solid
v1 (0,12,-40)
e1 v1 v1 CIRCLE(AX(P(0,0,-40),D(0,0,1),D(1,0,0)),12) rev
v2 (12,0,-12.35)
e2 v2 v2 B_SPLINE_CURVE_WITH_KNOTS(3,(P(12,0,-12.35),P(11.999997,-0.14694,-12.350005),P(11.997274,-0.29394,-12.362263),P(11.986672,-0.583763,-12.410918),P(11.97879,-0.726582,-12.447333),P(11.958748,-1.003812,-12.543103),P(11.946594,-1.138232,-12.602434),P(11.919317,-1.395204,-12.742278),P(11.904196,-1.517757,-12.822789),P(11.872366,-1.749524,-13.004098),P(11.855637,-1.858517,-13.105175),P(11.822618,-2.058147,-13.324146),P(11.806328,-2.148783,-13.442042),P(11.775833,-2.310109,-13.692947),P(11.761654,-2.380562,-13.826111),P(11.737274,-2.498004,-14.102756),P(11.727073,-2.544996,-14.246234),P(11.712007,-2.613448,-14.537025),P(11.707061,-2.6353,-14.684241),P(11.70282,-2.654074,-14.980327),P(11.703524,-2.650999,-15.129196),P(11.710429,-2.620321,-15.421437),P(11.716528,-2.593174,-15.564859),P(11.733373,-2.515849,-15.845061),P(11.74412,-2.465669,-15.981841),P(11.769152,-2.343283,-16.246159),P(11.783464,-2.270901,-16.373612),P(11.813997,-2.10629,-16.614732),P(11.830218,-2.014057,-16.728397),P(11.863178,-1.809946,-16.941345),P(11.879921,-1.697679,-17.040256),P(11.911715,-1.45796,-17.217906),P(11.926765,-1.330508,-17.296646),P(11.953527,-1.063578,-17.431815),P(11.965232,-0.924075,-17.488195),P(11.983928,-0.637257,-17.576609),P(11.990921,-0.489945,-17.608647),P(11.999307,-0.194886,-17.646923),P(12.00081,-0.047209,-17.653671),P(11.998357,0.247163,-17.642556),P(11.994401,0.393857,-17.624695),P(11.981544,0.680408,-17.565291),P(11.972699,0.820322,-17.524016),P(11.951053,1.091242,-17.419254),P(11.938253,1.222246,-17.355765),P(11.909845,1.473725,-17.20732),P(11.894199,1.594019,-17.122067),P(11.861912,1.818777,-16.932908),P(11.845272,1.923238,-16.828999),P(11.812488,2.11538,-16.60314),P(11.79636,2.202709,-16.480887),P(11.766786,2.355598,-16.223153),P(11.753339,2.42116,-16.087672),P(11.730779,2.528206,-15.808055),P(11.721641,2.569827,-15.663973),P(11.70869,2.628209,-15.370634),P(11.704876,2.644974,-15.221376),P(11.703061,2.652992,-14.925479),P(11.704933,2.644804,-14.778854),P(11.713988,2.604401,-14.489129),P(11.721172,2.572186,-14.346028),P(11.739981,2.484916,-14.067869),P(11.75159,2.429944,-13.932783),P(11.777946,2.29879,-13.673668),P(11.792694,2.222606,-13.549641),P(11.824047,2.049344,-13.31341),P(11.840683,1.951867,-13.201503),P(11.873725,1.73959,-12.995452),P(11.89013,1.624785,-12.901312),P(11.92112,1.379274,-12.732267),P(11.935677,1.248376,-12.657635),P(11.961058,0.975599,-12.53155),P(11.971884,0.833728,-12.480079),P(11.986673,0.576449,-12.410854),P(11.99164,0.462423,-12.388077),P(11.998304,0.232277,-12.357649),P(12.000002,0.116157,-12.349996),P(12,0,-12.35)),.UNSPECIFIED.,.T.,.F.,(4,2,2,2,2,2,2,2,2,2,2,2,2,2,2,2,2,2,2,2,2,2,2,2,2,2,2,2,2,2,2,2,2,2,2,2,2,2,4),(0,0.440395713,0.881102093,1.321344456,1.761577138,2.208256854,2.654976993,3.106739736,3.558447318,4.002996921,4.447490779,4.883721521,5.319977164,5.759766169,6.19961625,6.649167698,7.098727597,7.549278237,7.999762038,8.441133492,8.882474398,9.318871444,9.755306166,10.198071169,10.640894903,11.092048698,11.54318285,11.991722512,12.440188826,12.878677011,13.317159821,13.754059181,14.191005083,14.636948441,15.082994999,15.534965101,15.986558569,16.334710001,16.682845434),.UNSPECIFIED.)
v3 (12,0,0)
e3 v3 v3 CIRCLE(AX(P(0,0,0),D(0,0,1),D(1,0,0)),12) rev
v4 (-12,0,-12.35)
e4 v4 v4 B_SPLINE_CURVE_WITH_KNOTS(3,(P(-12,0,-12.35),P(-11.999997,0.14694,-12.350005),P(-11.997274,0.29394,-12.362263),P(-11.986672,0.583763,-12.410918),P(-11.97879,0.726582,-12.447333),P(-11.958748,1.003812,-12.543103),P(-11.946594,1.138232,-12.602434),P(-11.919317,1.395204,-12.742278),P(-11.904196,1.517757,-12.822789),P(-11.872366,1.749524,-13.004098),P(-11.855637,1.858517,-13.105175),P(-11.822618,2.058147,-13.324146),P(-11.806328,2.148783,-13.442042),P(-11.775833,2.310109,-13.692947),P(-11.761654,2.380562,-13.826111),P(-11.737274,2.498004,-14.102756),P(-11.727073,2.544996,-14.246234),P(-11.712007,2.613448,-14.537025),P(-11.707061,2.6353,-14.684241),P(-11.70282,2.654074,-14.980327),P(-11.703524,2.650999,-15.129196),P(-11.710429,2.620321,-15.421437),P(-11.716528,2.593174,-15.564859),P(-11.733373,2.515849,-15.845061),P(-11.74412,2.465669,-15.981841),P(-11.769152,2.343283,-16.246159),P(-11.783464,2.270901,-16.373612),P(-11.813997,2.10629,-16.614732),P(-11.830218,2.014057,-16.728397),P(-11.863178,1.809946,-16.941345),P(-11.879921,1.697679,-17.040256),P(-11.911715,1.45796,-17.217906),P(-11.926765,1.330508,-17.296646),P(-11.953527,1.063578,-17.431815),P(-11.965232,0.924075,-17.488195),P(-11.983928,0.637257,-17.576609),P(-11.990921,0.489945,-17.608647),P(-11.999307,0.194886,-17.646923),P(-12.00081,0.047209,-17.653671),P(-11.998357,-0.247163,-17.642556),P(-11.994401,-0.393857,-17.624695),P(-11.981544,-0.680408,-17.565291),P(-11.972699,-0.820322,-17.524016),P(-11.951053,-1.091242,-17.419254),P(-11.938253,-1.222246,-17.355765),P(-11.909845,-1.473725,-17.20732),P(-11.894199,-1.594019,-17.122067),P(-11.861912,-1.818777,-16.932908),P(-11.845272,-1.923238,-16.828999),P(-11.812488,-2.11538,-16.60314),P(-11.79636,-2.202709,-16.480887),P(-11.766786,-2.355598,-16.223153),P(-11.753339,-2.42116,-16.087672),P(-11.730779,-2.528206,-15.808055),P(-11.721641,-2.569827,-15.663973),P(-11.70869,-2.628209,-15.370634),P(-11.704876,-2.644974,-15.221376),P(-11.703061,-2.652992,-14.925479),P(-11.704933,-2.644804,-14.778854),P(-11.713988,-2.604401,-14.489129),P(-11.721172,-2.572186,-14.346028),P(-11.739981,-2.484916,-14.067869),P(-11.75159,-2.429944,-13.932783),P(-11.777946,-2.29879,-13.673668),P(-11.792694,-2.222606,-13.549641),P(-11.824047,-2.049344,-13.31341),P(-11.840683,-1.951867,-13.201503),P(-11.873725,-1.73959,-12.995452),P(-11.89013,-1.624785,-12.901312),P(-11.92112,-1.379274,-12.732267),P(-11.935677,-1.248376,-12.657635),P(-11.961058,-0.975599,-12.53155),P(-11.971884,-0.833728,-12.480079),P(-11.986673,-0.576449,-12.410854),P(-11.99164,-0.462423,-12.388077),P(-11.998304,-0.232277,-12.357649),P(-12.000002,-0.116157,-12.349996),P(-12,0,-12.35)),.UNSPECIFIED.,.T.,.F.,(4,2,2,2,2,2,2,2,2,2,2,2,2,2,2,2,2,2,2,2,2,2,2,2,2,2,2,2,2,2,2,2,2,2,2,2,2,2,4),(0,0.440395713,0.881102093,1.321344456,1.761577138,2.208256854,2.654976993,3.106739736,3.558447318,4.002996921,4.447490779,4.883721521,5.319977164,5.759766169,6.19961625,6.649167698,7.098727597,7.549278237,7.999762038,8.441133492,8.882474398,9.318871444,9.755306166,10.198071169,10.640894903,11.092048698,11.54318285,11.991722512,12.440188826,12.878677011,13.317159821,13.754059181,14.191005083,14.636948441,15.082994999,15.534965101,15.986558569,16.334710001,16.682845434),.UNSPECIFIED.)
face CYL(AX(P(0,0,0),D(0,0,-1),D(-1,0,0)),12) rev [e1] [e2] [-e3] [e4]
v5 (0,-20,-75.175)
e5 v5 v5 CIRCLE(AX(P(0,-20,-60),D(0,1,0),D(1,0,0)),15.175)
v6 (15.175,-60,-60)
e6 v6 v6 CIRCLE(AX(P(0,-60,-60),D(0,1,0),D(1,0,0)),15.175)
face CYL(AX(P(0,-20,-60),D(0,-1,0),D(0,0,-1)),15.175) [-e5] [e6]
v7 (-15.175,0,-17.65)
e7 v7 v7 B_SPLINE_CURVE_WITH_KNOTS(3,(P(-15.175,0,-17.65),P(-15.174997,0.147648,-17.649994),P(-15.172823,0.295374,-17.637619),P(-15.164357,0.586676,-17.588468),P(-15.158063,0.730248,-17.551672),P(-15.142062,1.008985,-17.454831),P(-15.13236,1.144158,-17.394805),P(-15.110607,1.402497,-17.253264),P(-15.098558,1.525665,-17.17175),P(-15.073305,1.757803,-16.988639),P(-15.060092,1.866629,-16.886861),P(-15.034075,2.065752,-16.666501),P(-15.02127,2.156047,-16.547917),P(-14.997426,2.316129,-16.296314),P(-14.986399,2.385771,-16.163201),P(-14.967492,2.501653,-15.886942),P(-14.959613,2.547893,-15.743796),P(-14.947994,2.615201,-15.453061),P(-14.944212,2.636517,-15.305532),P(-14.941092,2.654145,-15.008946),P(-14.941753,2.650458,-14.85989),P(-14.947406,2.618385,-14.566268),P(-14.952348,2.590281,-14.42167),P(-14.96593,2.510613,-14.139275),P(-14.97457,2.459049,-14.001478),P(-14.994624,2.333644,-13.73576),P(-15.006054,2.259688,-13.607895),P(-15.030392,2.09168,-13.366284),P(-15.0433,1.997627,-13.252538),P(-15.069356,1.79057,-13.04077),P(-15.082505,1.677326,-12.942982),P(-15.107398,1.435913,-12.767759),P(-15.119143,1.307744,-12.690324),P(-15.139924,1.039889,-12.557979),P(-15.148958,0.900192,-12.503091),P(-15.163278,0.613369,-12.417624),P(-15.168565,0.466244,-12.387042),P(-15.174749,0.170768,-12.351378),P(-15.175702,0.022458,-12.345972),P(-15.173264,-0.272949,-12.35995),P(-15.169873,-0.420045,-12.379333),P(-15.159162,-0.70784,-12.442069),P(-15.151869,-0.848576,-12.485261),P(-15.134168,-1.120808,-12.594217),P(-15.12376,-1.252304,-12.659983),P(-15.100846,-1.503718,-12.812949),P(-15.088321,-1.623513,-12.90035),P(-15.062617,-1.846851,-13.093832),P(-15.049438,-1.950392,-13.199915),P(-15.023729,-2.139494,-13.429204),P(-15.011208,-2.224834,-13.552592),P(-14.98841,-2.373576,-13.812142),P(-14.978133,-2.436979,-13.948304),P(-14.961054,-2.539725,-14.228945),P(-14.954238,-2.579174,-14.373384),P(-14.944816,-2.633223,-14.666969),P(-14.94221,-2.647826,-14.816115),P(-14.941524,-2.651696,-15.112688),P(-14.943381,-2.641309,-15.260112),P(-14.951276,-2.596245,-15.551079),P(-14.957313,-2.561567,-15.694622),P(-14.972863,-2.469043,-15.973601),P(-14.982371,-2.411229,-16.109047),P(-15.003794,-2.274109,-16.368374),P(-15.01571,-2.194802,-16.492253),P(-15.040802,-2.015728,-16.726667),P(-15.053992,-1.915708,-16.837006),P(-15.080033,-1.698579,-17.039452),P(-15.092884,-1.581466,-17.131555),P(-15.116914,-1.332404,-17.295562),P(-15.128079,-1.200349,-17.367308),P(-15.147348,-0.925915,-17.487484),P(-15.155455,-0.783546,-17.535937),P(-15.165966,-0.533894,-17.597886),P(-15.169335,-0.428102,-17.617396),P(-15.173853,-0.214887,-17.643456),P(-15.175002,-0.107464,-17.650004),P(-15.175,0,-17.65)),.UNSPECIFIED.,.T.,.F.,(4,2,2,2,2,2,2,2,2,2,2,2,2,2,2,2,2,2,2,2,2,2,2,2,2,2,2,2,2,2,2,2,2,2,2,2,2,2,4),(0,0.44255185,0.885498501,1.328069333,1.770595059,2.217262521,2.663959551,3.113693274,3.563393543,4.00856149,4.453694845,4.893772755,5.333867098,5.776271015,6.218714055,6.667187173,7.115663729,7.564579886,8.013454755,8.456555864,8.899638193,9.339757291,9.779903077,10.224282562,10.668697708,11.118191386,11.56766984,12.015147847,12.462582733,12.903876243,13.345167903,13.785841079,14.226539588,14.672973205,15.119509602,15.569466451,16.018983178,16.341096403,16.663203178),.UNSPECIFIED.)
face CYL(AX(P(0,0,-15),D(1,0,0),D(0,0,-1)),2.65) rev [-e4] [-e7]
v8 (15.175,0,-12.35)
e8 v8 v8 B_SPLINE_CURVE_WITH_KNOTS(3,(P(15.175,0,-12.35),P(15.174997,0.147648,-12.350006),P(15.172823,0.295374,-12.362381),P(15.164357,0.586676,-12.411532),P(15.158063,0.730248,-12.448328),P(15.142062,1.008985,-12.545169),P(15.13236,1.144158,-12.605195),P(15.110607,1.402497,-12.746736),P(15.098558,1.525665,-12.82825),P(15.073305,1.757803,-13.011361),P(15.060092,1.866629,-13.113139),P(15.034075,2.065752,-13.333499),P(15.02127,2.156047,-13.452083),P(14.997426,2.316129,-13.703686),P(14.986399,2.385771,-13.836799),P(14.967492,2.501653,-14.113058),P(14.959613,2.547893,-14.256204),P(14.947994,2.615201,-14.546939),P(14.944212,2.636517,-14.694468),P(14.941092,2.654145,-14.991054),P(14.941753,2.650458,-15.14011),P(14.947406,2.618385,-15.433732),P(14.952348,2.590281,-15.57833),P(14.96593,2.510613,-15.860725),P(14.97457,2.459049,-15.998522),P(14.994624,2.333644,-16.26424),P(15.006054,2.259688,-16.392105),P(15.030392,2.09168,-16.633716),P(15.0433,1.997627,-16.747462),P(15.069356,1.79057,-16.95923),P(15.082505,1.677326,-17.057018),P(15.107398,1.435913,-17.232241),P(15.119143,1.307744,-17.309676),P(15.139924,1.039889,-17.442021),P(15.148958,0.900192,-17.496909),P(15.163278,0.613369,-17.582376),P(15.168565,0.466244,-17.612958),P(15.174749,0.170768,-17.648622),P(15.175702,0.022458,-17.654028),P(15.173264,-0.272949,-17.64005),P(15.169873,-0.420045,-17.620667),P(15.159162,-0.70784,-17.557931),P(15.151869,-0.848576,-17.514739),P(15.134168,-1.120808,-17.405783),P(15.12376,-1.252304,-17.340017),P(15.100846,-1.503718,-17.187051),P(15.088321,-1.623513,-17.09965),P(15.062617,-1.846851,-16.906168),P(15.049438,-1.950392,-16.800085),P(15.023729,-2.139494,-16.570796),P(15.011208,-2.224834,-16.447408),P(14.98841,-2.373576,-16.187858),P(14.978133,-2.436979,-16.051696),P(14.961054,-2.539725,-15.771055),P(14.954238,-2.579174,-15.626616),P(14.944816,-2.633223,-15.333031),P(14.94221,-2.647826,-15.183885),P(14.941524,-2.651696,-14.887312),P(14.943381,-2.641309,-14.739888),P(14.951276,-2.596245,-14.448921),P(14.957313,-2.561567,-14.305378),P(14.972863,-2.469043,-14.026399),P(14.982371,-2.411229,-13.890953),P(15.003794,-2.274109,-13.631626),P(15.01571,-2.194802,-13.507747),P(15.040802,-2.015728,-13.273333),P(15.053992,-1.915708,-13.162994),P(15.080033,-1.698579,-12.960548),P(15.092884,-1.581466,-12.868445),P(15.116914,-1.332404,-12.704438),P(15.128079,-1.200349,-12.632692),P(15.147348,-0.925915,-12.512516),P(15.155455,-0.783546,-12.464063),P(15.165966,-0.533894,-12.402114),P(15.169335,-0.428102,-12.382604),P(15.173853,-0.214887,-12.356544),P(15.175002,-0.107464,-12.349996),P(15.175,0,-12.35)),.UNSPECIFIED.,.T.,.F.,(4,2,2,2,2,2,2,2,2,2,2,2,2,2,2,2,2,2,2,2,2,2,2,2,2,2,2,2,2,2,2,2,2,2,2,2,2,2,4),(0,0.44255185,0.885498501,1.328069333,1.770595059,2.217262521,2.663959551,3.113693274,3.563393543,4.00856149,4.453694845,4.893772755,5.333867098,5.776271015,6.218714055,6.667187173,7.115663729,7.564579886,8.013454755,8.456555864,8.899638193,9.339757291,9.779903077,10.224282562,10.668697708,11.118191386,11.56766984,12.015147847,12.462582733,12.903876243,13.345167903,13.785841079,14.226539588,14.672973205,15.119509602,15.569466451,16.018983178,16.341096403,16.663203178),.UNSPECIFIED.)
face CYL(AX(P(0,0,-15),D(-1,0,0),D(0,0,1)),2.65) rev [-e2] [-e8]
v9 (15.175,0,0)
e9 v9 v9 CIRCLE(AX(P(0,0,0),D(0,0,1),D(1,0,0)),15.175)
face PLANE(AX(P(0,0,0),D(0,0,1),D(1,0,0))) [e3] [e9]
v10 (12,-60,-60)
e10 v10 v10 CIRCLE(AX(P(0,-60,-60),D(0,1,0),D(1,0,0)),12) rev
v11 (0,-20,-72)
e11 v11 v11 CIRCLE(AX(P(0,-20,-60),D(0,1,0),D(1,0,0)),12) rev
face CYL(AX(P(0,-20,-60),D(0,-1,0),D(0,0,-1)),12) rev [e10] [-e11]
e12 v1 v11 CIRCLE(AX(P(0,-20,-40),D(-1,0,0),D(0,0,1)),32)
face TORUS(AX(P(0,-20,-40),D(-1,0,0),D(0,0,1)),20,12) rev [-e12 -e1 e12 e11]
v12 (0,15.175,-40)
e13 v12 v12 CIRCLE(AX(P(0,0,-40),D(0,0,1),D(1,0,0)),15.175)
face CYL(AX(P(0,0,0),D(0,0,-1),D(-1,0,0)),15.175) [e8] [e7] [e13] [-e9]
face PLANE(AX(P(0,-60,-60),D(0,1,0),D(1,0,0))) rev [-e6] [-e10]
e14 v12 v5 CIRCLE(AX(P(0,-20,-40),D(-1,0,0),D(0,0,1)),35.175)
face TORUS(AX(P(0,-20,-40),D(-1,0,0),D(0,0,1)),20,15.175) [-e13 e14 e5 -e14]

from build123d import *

# Parameters (mm, degrees)
SKETCH1_R   = 15.175
SKETCH1_R_2 = 12
SKETCH6_W   = 2.65
SKETCH6_H   = 15.175


with BuildPart() as part:
    # Sweep1: sweep along a path in Sketch3
    with BuildLine(Plane(origin=(0, 0, 0), x_dir=(0, 0, -1), z_dir=(1, 0, 0))) as sweep1_path:
        Line((0, 0), (40, 0))
        ThreePointArc((40, 0), (54.142135624, -5.857864376), (60, -20))
        Line((60, -20), (60, -60))
    # Sketch1 → Sweep1 (sweep)
    with BuildSketch(Plane.XY):
        Circle(SKETCH1_R)
        Circle(SKETCH1_R_2, mode=Mode.SUBTRACT)
    sweep(path=sweep1_path.line)

    # Sketch6 → M5 Clearance Hole1 (revolve, cut)
    with BuildSketch(Plane(origin=(0, 0, -15), x_dir=(0, 0, 1), z_dir=(0, 1, 0))):
        with Locations((1.325, 7.5875)):
            Rectangle(SKETCH6_W, SKETCH6_H)
    m5_clearance_hole1 = revolve(axis=Axis((-6.35, 0, -15), (1, 0, 0)), mode=Mode.SUBTRACT)

    # Mirror1: M5 Clearance Hole1 across plane
    add(m5_clearance_hole1.mirror(Plane(origin=(0, 0, 0), x_dir=(0, 0, 1), z_dir=(1, 0, 0))), mode=Mode.SUBTRACT)


solid = part.part
